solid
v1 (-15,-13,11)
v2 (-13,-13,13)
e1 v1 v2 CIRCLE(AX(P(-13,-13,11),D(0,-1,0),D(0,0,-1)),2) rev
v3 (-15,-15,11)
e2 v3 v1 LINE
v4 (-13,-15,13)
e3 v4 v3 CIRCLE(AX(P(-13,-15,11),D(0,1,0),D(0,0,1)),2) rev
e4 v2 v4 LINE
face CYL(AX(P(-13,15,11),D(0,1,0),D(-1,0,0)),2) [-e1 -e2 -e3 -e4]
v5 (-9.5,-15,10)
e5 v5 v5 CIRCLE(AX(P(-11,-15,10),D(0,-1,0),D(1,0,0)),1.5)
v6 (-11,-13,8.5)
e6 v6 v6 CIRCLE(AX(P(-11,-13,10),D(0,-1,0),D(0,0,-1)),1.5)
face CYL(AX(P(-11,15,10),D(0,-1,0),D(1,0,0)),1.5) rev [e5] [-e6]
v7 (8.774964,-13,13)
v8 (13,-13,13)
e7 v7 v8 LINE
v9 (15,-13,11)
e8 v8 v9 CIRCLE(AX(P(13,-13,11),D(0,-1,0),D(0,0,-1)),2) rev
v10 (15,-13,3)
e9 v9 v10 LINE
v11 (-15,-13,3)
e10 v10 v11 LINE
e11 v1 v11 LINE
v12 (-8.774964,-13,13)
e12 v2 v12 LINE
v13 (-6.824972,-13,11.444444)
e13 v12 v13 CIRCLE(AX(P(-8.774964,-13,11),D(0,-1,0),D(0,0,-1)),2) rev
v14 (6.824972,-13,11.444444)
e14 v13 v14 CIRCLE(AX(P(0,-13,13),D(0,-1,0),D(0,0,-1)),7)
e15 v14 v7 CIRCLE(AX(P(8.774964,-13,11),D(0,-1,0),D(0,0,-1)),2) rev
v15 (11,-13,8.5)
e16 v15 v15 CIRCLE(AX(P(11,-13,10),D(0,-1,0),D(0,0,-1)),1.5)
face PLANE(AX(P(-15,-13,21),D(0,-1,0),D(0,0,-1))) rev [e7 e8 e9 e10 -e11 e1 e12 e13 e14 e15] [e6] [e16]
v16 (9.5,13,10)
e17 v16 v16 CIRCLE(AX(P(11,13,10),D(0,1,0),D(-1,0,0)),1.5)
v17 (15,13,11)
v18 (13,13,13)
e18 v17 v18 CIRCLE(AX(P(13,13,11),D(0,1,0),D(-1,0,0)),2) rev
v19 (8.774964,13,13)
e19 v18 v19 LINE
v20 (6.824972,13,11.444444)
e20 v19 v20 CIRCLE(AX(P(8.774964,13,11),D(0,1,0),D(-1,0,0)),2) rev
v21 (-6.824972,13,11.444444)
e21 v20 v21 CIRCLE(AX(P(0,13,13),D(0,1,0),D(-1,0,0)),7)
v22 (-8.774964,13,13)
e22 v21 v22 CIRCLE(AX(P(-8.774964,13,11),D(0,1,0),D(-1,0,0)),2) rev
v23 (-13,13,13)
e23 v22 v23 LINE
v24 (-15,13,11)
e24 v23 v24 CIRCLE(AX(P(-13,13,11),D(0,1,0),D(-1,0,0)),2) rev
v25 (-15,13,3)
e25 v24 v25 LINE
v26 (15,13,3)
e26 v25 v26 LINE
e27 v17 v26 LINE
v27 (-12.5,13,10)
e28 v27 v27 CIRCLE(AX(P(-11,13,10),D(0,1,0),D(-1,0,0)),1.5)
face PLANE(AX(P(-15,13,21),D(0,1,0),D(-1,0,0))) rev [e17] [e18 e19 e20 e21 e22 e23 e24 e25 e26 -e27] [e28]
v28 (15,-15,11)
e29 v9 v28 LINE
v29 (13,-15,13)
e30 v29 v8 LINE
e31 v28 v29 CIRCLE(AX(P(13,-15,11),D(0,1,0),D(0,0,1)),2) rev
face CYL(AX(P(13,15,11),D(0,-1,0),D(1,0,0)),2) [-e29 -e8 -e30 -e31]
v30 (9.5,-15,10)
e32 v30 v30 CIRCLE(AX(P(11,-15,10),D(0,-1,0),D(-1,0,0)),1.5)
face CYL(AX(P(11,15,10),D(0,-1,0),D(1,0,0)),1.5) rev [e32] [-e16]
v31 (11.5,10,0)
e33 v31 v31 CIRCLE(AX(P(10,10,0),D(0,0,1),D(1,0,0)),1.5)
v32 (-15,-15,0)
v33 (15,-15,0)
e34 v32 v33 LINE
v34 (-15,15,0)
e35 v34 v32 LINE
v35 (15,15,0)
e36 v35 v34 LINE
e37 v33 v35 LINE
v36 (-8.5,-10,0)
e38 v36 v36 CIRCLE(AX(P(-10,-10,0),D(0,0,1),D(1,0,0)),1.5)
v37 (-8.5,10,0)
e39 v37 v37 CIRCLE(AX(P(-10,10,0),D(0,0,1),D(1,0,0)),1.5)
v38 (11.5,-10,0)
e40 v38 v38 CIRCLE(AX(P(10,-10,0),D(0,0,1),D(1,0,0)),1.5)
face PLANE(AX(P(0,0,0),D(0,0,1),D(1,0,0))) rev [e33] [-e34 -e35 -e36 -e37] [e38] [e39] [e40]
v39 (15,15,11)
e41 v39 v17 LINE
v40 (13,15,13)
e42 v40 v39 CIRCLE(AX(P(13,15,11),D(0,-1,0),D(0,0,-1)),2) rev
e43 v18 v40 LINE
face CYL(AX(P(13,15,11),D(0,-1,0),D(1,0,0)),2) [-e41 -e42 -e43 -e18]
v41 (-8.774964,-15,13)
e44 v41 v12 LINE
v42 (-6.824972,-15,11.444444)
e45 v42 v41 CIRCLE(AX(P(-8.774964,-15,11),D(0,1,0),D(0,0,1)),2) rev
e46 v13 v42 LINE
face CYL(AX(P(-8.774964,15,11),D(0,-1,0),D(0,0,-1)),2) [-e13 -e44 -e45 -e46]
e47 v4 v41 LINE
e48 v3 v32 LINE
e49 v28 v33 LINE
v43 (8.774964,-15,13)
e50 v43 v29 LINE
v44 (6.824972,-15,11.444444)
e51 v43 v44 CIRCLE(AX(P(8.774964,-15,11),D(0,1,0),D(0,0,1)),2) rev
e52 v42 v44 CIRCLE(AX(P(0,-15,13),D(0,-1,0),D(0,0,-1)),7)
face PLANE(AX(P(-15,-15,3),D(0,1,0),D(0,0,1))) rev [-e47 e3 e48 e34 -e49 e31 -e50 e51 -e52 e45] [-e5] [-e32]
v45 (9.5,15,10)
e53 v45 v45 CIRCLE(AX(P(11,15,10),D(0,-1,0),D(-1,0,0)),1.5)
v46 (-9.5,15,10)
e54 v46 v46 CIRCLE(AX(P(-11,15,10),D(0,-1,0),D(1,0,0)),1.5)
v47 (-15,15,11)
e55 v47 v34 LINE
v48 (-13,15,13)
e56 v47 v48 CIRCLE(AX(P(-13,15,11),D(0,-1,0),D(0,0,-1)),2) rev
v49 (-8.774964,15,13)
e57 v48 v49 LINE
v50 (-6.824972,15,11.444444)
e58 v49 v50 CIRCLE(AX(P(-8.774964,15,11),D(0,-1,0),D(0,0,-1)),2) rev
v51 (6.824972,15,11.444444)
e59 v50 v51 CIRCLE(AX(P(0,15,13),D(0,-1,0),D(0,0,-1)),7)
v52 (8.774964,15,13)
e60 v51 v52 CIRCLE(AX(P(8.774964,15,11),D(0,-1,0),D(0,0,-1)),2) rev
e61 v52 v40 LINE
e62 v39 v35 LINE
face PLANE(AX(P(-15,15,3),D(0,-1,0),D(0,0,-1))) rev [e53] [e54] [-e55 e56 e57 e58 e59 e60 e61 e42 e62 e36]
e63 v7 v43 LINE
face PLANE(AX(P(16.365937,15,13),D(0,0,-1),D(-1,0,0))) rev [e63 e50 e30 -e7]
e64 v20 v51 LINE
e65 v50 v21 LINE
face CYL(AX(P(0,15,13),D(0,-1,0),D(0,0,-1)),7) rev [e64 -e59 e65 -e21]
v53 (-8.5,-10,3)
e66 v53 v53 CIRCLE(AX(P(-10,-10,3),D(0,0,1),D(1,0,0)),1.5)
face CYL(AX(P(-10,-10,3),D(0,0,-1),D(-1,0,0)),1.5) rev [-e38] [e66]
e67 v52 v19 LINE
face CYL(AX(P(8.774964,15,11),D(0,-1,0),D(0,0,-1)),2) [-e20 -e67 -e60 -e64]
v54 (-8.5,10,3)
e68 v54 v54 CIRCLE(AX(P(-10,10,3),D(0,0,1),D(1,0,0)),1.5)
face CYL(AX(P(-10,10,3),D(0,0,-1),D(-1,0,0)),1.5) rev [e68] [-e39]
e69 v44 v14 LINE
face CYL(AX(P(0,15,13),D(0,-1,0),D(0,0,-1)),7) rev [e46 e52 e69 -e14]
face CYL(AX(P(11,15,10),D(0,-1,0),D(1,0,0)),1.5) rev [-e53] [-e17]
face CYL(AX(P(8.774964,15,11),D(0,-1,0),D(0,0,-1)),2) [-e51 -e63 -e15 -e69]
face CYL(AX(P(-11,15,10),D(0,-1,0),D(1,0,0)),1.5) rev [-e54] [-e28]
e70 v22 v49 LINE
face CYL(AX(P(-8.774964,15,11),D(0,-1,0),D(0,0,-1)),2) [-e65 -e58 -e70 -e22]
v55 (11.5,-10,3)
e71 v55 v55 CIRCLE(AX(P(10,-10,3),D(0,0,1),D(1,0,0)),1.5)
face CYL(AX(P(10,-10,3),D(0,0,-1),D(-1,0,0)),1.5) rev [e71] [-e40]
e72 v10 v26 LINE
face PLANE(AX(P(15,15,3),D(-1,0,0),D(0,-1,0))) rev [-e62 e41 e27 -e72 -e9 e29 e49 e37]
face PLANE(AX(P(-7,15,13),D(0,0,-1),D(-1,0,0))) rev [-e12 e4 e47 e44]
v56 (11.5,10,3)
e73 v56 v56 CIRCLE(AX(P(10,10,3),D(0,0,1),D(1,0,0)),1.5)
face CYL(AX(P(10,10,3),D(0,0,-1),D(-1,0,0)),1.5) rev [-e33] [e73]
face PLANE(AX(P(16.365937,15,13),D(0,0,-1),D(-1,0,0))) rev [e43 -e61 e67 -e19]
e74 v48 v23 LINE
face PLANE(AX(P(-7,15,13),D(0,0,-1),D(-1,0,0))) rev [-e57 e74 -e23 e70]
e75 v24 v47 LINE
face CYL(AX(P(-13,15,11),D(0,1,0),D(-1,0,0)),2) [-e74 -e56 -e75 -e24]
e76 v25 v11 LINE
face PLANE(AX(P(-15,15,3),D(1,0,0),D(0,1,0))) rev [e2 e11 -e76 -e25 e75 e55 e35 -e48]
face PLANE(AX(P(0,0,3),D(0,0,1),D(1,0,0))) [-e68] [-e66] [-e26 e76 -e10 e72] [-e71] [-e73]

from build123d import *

# Parameters (mm, degrees)
SKETCH_1_W               = 30
SKETCH_1_H               = 30
SKETCH_1_R               = 1.5
EXTRUDE_1_DEPTH          = 3
SKETCH_2_W               = 30
SKETCH_2_H               = 2
EXTRUDE_2_DEPTH          = 18
CUT_EXTRUDE_1_DEPTH      = 39.078865529
CUT_EXTRUDE_1_DEPTH_BACK = 39.078865529
SKETCH_3_R               = 1.5
CUT_EXTRUDE_2_DEPTH      = 40.572717875
FILLET_1_R               = 2


with BuildPart() as part:
    # 草图1 → 凸台-拉伸1 (new body)
    with BuildSketch(Plane.XY):
        Rectangle(SKETCH_1_W, SKETCH_1_H)
        with Locations((-10, 10)):
            Circle(SKETCH_1_R, mode=Mode.SUBTRACT)
        with Locations((10, 10)):
            Circle(SKETCH_1_R, mode=Mode.SUBTRACT)
        with Locations((-10, -10)):
            Circle(SKETCH_1_R, mode=Mode.SUBTRACT)
        with Locations((10, -10)):
            Circle(SKETCH_1_R, mode=Mode.SUBTRACT)
    extrude(amount=EXTRUDE_1_DEPTH)

    # 草图2 → 凸台-拉伸2 (add)
    with BuildSketch(Plane.XY.offset(3)):
        with Locations((0, 14)):
            Rectangle(SKETCH_2_W, SKETCH_2_H)
        with Locations((0, -14)):
            Rectangle(SKETCH_2_W, SKETCH_2_H)
    extrude(amount=EXTRUDE_2_DEPTH)

    # 草图3 → 切除-拉伸1 (cut, two sides: drawn at the far end of the back side and taken through both)
    with BuildSketch(Plane.XZ.offset(-13).offset(-CUT_EXTRUDE_1_DEPTH_BACK)):
        with Locations((-11, 10)):
            Circle(SKETCH_3_R)
        with Locations(Location((11, 10, 0), (0, 0, 270))):
            Circle(SKETCH_3_R)
    extrude(amount=CUT_EXTRUDE_1_DEPTH + CUT_EXTRUDE_1_DEPTH_BACK, mode=Mode.SUBTRACT)

    # 草图4 → 切除-拉伸2 (cut, through all)
    with BuildSketch(Plane.XZ.offset(15)):
        with BuildLine():
            Line((-7, 13), (-16.491106969, 13))
            Line((-16.491106969, 13), (-16.491106969, 22.234658659))
            Line((-16.491106969, 22.234658659), (16.365937277, 22.234658659))
            Line((16.365937277, 22.234658659), (16.365937277, 13))
            Line((16.365937277, 13), (7, 13))
            ThreePointArc((7, 13), (0, 6), (-7, 13))
        make_face()
    extrude(amount=-CUT_EXTRUDE_2_DEPTH, mode=Mode.SUBTRACT)

    # 圆角1
    fillet_1_edges = [part.edges().sort_by_distance(p)[0] for p in [
        (7, 14, 13),
        (7, -14, 13),
        (-15, 14, 13),
        (-7, 14, 13),
        (-15, -14, 13),
        (-7, -14, 13),
        (15, 14, 13),
        (15, -14, 13),
    ]]
    fillet(fillet_1_edges, radius=FILLET_1_R)


solid = part.part
